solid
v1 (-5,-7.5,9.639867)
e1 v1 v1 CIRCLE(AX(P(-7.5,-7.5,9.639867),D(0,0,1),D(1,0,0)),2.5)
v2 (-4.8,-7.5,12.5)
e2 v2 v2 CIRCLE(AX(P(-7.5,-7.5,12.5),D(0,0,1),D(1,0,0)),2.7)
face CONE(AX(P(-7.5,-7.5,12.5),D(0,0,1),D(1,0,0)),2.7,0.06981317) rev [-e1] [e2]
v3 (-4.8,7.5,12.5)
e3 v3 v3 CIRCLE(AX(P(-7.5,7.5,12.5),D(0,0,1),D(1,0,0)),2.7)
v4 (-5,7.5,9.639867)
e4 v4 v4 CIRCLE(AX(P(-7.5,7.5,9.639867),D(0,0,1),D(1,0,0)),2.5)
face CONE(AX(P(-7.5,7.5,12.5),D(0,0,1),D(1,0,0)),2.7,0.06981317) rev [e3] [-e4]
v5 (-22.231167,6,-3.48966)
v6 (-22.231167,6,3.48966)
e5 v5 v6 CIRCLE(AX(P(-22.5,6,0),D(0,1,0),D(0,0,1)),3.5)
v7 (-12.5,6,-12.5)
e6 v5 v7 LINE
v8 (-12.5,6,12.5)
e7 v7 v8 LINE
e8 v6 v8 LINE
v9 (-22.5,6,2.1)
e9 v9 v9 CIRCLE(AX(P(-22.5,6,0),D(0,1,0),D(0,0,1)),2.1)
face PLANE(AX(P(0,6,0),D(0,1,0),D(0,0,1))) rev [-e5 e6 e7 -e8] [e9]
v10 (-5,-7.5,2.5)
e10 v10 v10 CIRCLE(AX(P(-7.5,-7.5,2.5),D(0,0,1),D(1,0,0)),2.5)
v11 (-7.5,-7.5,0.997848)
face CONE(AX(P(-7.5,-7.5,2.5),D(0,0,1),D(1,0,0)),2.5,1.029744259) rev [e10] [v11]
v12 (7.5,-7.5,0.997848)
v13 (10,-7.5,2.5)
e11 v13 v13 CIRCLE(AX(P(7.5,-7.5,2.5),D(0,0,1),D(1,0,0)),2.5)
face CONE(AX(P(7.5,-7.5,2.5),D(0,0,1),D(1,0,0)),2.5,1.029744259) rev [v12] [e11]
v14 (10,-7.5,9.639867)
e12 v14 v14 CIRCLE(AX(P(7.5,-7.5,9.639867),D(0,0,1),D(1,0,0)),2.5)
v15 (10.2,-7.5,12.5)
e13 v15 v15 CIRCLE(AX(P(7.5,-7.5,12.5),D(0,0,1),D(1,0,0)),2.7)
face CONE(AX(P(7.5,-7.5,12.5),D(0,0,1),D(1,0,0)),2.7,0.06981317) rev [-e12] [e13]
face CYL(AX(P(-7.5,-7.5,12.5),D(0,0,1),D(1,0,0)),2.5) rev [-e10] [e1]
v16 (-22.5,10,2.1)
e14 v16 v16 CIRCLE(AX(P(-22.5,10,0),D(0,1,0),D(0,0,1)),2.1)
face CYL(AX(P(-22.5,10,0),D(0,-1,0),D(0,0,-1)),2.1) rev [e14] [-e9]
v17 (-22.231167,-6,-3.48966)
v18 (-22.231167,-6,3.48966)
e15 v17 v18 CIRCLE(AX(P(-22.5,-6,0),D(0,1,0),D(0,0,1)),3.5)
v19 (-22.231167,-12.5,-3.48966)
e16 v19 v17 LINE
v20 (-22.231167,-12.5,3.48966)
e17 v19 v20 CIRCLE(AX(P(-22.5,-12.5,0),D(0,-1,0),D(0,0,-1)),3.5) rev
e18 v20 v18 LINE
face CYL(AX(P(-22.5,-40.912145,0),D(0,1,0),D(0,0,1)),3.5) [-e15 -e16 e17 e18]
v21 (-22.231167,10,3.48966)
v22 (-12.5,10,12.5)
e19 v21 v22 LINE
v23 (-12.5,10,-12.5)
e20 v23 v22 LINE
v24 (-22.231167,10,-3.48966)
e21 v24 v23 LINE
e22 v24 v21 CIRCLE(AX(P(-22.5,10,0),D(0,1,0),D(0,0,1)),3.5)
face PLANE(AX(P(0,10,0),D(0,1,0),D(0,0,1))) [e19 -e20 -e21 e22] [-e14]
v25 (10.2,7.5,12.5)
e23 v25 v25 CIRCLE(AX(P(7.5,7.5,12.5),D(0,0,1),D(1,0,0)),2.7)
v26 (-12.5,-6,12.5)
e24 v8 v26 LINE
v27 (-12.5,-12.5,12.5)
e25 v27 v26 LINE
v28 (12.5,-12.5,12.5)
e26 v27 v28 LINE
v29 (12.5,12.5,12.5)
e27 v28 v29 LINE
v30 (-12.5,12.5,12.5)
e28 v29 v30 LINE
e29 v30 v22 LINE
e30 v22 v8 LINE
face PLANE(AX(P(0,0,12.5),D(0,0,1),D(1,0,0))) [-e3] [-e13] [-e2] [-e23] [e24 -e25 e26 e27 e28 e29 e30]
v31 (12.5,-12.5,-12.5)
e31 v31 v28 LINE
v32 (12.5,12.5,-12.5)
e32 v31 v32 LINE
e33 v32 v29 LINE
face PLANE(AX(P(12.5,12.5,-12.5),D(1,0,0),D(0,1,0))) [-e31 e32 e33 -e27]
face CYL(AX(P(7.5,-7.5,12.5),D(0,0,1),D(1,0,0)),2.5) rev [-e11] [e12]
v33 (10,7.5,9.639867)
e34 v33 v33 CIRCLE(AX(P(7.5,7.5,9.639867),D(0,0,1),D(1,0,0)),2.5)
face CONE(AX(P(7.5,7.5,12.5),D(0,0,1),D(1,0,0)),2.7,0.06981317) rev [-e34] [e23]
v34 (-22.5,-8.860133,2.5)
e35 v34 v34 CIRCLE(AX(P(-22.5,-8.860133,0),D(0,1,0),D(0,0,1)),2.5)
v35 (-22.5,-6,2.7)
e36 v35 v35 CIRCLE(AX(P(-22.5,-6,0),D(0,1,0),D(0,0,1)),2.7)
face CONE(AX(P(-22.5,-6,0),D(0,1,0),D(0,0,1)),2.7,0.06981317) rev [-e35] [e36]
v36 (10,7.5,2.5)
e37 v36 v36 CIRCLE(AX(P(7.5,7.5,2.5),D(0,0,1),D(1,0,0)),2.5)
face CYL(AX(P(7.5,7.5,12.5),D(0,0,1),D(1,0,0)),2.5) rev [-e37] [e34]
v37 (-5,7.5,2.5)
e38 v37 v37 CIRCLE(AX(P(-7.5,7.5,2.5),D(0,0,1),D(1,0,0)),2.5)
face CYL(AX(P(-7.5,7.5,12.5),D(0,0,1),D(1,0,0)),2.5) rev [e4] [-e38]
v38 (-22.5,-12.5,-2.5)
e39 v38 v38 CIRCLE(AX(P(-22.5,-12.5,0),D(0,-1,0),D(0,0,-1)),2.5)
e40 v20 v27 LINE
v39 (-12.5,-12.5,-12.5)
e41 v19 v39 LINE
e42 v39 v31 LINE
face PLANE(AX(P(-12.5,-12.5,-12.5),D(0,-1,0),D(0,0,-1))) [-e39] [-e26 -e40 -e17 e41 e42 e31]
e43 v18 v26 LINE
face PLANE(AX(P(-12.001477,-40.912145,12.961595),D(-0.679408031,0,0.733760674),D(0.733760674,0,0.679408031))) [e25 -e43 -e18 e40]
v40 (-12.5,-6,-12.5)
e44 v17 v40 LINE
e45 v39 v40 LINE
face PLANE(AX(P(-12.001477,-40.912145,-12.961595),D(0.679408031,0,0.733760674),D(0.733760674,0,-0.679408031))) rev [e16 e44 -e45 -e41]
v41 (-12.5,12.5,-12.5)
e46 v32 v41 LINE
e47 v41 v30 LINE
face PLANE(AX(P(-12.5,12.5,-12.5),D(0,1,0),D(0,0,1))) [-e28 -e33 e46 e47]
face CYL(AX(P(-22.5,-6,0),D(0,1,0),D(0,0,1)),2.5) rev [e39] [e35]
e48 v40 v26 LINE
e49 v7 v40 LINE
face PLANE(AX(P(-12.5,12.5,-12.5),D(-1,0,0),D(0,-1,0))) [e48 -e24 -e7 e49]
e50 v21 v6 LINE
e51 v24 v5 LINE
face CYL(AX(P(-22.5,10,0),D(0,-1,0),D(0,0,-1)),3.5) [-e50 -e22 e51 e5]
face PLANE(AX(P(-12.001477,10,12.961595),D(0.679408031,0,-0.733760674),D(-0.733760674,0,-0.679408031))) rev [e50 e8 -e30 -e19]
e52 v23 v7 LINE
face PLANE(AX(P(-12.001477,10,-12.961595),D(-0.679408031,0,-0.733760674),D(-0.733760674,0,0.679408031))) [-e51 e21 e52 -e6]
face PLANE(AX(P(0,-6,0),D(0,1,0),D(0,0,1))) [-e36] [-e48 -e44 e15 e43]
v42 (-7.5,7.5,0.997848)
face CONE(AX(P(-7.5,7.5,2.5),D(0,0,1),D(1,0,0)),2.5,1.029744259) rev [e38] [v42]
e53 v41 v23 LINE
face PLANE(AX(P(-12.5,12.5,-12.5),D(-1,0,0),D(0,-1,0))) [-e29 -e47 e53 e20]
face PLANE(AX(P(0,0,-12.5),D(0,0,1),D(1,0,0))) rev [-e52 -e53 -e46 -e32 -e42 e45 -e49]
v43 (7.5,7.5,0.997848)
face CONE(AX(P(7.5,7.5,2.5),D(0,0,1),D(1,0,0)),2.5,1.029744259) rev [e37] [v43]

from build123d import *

# Parameters (mm, degrees)
SKETCH1_W                = 25
SKETCH1_H                = 25
BOSS_EXTRUDE1_DEPTH      = 12.5
BOSS_EXTRUDE1_DEPTH_BACK = 12.5
LPATTERN1_COUNT          = 2
LPATTERN1_PITCH          = 15
LPATTERN1_COUNT_DIR2     = 2
LPATTERN1_PITCH_DIR2     = 15
BOSS_EXTRUDE3_START      = 6
SKETCH4_R                = 2.1
BOSS_EXTRUDE3_DEPTH      = 4
BOSS_EXTRUDE5_START      = -6
SKETCH4_5_R              = 2.1
SKETCH4_5_R_2            = 3.5
BOSS_EXTRUDE5_DEPTH      = 6.5


with BuildPart() as part:
    # Sketch1 → Boss-Extrude1 (new, two sides)
    with BuildSketch(Plane.XY) as boss_extrude1_sk:
        Rectangle(SKETCH1_W, SKETCH1_H)
    extrude(amount=BOSS_EXTRUDE1_DEPTH)
    extrude(boss_extrude1_sk.sketch, amount=-BOSS_EXTRUDE1_DEPTH_BACK)

    # Sketch3 → CSK for M3 Oval Head Machine Screw1 (revolve, cut)
    with BuildSketch(Plane(origin=(-7.5, 7.5, 12.5), x_dir=(0, -1, 0), z_dir=(1, 0, 0))):
        Polygon((0, 0), (0, 11.502151548), (2.5, 10), (2.5, 2.860133251), (2.7, 0), align=None)
    csk_for_m3_oval_head_machine_screw1 = revolve(axis=Axis((-7.5, 7.5, 18.85), (0, 0, -1)), mode=Mode.SUBTRACT)

    # LPattern1: CSK for M3 Oval Head Machine Screw1 2 × 2
    with Locations(*[(j * LPATTERN1_PITCH_DIR2, -i * LPATTERN1_PITCH, 0) for i in range(LPATTERN1_COUNT) for j in range(LPATTERN1_COUNT_DIR2) if (i, j) != (0, 0)]):
        add(csk_for_m3_oval_head_machine_screw1, mode=Mode.SUBTRACT)

    # Sketch4 → Boss-Extrude3 (add)
    with BuildSketch(Plane(origin=(0, 0, 0), x_dir=(1, 0, 0), z_dir=(0, 1, 0)).offset(BOSS_EXTRUDE3_START)):
        with BuildLine():
            Line((-22.231166913, -3.489660266), (-12.5, -12.5))
            Line((-12.5, -12.5), (-12.5, 12.5))
            Line((-12.5, 12.5), (-22.231166913, 3.489660266))
            ThreePointArc((-22.231166913, 3.489660266), (-26, 0), (-22.231166913, -3.489660266))
        make_face()
        with Locations(Location((-22.5, 0, 0), (0, 0, 270))):
            Circle(SKETCH4_R, mode=Mode.SUBTRACT)
    extrude(amount=BOSS_EXTRUDE3_DEPTH)

    # Sketch4<5> → Boss-Extrude5 (add)
    with BuildSketch(Plane(origin=(0, 0, 0), x_dir=(1, 0, 0), z_dir=(0, 1, 0)).offset(BOSS_EXTRUDE5_START)):
        with BuildLine():
            ThreePointArc((-22.231166913, 3.489660266), (-24.87792811, 2.568162359), (-26, 0))
            Line((-26, 0), (-22.231166913, 3.489660266))
        make_face()
        with BuildLine():
            Line((-22.231166913, 3.489660266), (-26, 0))
            Line((-26, 0), (-22.231166913, -3.489660266))
            ThreePointArc((-22.231166913, -3.489660266), (-19.931837641, -2.37792811), (-19, 0))
            ThreePointArc((-19, 0), (-19.931837641, 2.37792811), (-22.231166913, 3.489660266))
        make_face()
        with Locations(Location((-22.5, 0, 0), (0, 0, 270))):
            Circle(SKETCH4_5_R, mode=Mode.SUBTRACT)
        with BuildLine():
            Line((-22.231166913, -3.489660266), (-26, 0))
            ThreePointArc((-26, 0), (-24.87792811, -2.568162359), (-22.231166913, -3.489660266))
        make_face()
        with Locations(Location((-22.5, 0, 0), (0, 0, 270))):
            Circle(SKETCH4_5_R)
        with Locations((-22.5, 0)):
            Circle(SKETCH4_5_R_2)
        Polygon((-26, 0), (-12.5, -12.5), (-12.5, 12.5), align=None)
    extrude(amount=-BOSS_EXTRUDE5_DEPTH)

    # Sketch8 → CSK for M3 Oval Head Machine Screw3 (revolve, cut)
    with BuildSketch(Plane(origin=(-22.5, -6, 0), x_dir=(0, 0, 1), z_dir=(1, 0, 0))):
        Polygon((0, 0), (0, 11.502151548), (2.5, 10), (2.5, 2.860133251), (2.7, 0), align=None)
    revolve(axis=Axis((-22.5, 0.35, 0), (0, -1, 0)), mode=Mode.SUBTRACT)


solid = part.part
